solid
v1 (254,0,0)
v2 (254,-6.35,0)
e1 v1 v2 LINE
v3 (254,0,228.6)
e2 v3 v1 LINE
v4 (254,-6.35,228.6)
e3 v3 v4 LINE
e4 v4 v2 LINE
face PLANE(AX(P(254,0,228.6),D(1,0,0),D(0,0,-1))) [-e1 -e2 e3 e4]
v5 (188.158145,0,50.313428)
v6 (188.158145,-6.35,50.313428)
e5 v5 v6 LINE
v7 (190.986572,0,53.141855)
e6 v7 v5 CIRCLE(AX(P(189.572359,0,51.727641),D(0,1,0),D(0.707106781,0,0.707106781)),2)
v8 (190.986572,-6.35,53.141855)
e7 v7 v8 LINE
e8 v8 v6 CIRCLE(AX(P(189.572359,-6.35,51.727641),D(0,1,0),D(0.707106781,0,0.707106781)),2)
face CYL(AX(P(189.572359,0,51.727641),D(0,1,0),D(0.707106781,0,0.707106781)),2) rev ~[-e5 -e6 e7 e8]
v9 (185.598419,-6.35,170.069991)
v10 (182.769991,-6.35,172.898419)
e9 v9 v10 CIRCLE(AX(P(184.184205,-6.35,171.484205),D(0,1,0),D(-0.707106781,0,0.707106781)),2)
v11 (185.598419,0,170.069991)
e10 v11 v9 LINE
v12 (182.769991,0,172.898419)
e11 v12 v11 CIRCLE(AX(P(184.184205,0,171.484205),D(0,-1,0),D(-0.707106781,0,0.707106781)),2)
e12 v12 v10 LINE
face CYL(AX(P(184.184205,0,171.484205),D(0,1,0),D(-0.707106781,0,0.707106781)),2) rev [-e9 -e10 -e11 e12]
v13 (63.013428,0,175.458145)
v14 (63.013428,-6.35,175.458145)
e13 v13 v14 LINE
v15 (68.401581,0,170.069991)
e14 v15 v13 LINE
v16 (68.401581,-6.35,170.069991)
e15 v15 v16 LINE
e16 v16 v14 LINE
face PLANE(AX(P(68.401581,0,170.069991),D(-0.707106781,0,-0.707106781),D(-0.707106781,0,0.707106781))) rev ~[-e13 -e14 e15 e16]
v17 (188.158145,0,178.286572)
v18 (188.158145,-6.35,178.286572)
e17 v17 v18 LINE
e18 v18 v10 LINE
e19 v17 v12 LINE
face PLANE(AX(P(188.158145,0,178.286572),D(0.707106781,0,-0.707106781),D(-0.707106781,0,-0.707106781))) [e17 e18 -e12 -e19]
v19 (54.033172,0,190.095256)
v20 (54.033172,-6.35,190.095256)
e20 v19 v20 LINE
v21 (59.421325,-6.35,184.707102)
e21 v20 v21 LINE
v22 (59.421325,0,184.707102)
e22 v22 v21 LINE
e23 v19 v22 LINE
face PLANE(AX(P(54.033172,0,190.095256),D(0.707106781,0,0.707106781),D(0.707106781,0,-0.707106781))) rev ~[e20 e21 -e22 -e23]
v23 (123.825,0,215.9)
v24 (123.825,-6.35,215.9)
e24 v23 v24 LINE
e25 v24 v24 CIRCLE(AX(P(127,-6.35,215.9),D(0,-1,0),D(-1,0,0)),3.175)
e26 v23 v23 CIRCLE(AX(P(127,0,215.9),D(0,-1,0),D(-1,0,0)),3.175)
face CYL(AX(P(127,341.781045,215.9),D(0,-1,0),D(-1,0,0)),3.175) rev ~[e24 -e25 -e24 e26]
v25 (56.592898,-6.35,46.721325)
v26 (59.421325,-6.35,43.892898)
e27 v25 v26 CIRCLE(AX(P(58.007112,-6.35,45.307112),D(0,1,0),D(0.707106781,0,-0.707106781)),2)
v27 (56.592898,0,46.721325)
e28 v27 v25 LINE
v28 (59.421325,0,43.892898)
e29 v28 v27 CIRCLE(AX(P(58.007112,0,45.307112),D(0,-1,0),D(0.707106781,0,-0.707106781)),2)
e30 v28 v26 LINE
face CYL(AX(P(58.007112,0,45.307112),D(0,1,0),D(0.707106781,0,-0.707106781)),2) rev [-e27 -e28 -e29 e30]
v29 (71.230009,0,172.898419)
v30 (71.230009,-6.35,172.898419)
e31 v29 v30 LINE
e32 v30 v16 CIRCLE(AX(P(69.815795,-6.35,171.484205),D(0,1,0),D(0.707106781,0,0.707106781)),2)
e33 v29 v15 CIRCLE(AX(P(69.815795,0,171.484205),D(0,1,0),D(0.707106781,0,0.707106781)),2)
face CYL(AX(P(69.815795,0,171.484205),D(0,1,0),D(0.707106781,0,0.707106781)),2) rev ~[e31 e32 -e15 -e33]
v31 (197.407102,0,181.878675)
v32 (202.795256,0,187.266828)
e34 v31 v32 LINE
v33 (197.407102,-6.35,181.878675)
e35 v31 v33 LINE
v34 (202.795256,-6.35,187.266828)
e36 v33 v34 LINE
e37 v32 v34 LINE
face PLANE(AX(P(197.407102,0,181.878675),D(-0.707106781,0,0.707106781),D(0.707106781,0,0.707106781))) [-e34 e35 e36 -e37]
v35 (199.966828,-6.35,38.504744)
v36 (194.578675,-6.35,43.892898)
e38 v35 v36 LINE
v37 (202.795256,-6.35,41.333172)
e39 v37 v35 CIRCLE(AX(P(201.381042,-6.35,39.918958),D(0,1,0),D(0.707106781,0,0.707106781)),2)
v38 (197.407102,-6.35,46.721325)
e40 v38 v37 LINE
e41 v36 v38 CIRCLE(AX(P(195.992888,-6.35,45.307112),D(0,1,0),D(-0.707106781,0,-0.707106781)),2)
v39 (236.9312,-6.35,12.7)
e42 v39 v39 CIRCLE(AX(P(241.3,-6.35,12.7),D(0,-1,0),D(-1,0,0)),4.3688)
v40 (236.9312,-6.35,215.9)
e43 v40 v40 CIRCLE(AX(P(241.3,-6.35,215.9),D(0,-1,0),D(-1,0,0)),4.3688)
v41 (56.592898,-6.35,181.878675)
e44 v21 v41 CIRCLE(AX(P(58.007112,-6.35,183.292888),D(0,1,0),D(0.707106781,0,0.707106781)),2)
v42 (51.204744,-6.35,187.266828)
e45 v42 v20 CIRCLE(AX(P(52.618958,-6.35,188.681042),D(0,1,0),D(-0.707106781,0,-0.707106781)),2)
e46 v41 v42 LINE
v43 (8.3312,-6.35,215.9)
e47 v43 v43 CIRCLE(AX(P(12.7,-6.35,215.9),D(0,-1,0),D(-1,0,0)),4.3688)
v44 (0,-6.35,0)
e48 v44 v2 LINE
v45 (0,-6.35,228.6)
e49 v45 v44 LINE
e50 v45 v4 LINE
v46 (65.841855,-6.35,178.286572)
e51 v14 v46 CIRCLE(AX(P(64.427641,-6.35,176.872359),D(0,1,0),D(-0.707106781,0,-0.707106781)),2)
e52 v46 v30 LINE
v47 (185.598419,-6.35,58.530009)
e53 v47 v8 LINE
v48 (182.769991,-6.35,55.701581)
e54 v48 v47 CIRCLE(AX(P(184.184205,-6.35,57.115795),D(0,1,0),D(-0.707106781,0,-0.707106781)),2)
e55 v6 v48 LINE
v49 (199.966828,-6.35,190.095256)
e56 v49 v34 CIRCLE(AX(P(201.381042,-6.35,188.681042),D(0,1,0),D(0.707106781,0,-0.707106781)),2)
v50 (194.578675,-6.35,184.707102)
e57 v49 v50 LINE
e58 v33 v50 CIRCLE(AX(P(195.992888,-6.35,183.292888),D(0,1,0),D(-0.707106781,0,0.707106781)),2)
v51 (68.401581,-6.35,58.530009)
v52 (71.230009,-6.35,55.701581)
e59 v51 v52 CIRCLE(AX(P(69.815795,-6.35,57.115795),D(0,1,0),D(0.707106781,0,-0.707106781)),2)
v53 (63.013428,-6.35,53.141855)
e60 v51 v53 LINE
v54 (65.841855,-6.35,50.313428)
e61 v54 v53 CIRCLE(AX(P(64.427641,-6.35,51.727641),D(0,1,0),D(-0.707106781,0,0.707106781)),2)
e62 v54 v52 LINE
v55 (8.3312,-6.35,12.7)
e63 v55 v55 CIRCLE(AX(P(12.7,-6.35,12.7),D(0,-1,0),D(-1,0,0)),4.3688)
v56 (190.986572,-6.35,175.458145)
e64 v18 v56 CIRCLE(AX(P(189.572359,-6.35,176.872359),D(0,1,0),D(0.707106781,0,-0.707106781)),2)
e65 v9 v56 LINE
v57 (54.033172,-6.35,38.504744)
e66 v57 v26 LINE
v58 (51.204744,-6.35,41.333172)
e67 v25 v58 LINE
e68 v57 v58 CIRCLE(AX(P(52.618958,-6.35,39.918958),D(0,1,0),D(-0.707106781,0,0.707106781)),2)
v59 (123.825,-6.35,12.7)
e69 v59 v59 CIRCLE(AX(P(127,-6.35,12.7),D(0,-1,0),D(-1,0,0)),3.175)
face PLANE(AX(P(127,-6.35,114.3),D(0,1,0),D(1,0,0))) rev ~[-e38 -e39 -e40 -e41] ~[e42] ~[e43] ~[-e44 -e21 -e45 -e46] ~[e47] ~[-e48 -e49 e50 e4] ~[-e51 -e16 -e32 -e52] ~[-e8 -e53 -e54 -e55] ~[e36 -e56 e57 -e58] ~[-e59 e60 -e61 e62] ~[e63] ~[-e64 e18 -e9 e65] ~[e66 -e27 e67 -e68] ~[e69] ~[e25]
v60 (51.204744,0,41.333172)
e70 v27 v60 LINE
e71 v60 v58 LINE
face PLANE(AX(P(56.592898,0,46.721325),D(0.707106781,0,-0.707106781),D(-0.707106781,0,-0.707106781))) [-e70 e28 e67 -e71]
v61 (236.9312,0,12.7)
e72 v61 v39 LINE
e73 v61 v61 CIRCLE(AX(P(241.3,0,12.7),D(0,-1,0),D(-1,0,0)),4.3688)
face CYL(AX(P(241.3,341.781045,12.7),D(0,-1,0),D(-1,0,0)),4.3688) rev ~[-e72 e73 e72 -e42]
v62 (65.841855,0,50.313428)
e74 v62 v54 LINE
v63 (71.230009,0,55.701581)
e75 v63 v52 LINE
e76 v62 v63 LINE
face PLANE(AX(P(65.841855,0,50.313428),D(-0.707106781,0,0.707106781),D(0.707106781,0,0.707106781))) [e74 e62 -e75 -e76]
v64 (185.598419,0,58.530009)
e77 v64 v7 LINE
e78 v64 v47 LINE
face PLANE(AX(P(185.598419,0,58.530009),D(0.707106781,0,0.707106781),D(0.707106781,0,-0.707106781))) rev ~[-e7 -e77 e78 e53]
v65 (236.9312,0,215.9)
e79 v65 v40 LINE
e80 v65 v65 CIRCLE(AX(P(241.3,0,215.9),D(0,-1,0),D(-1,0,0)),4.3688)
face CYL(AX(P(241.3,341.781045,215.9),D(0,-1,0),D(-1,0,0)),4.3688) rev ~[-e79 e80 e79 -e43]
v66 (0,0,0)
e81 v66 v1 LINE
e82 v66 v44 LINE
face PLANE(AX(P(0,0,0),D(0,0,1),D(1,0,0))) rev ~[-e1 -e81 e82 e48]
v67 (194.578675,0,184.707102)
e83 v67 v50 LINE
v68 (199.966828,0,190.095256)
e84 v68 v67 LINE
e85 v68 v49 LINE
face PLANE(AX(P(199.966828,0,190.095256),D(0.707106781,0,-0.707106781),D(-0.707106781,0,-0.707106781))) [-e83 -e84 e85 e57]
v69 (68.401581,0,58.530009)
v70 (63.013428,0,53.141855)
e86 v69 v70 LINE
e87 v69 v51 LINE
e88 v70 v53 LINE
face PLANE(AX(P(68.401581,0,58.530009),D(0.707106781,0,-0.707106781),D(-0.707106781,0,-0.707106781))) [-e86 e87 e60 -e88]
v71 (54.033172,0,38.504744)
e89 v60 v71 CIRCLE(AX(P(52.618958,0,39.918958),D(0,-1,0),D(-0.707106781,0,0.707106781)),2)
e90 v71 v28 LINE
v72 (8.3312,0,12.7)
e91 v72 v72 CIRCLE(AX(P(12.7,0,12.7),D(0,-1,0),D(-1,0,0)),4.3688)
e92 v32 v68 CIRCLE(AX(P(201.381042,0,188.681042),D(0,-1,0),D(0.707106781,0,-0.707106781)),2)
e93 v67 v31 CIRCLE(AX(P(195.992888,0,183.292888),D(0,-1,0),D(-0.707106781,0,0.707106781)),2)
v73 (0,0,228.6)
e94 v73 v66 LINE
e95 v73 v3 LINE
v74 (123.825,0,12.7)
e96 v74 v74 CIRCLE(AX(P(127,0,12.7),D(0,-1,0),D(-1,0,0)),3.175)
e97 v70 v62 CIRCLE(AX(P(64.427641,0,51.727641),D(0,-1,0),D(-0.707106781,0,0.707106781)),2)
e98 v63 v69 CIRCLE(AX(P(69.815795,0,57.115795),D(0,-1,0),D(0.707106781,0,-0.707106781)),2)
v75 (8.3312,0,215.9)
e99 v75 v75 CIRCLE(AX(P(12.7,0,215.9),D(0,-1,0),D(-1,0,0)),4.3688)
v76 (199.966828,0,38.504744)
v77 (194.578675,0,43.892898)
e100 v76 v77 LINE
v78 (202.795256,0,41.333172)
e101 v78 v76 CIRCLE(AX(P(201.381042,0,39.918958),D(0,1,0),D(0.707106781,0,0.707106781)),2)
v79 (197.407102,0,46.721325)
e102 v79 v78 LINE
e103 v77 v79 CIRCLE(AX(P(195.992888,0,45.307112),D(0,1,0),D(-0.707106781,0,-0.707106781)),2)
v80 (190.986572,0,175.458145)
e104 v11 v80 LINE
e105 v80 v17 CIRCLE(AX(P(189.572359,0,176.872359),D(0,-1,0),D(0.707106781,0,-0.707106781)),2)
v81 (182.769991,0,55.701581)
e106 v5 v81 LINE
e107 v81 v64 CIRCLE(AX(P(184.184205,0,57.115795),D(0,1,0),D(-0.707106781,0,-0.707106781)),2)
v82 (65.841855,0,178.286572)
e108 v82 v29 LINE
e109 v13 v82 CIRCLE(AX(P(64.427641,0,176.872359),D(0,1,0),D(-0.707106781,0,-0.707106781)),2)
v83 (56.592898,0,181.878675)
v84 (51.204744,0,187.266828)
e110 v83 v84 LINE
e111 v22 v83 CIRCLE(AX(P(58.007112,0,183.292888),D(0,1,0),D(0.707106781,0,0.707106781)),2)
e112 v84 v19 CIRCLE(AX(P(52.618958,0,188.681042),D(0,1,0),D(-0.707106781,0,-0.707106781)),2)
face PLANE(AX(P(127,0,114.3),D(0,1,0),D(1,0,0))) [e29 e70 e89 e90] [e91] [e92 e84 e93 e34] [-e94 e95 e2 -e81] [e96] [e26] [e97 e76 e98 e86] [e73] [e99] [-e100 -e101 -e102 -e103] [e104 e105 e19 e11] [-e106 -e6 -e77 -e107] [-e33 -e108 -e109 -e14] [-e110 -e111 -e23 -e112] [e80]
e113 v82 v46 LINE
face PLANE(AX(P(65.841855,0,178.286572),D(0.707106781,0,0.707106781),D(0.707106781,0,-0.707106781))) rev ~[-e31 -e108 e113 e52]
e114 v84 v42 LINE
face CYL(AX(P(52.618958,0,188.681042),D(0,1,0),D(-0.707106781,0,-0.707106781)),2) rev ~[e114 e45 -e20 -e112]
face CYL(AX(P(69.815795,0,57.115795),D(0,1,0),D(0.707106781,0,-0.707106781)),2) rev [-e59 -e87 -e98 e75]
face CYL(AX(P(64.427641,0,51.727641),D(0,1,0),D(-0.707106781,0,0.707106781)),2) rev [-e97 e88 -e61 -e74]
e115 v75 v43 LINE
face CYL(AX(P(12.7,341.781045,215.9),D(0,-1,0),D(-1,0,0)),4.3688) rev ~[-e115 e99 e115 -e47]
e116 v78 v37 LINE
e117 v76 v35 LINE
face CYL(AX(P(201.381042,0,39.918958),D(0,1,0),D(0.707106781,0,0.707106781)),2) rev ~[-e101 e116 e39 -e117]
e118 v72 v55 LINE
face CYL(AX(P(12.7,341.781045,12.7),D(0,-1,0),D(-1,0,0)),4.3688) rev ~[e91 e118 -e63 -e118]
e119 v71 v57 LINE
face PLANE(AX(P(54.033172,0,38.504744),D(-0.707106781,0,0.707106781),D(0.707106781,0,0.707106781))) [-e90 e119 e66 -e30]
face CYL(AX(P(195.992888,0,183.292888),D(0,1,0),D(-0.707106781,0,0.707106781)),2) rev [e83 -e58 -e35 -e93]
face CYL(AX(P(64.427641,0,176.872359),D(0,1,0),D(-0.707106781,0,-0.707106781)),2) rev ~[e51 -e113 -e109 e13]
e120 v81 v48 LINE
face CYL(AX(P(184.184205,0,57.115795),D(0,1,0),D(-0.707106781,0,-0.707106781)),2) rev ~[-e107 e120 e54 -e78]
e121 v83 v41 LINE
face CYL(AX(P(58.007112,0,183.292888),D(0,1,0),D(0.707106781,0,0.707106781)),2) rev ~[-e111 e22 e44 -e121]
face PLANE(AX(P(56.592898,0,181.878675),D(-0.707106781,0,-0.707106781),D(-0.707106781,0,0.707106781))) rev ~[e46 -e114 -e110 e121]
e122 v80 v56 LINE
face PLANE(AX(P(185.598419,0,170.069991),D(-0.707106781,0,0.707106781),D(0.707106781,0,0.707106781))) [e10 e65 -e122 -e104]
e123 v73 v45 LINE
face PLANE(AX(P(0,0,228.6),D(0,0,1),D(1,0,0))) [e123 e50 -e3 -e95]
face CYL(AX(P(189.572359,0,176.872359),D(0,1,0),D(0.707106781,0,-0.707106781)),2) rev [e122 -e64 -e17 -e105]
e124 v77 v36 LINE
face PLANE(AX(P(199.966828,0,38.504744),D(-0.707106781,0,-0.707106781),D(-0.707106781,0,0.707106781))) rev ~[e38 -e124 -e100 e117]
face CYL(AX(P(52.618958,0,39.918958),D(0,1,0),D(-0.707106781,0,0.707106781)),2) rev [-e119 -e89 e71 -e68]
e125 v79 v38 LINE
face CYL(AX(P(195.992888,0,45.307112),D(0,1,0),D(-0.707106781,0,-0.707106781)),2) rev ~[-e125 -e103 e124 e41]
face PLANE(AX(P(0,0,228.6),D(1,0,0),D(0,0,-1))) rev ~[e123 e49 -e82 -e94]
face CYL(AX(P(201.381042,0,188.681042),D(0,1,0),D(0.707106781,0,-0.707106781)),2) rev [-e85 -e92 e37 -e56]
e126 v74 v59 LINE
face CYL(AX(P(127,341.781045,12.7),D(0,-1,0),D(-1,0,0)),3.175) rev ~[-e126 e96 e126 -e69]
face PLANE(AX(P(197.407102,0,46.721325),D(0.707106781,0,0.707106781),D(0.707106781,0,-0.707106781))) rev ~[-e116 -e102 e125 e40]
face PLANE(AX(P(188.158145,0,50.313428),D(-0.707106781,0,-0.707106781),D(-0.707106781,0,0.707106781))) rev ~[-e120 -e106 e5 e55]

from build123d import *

# Parameters (mm, degrees)
SKETCH1_W                            = 254
SKETCH1_H                            = 228.6
BASE_PLATE_DEPTH                     = 6.35
SLOTS_DEPTH                          = 7.35
FEET_CONNECTION_HOLE_D               = 8.7376
HOLE_FOR_10_BLIND_FASTENERS_B_BS_1_D = 6.35


with BuildPart() as part:
    # Sketch1 → base plate (new body)
    with BuildSketch(Plane(origin=(0, 0, 0), x_dir=(1, 0, 0), z_dir=(0, 1, 0))):
        with Locations((127, -114.3)):
            Rectangle(SKETCH1_W, SKETCH1_H)
    extrude(amount=-BASE_PLATE_DEPTH)

    # Sketch3 → slots (cut, through all)
    with BuildSketch(Plane(origin=(0, 0, 0), x_dir=(1, 0, 0), z_dir=(0, 1, 0))):
        with BuildLine():
            ThreePointArc((59.421325374, -43.892898159), (59.421325374, -46.721325374), (56.592898159, -46.721325374))
            Line((56.592898159, -46.721325374), (51.204744487, -41.333171702))
            ThreePointArc((51.204744487, -41.333171702), (51.204744487, -38.504744487), (54.033171702, -38.504744487))
            Line((54.033171702, -38.504744487), (59.421325374, -43.892898159))
        make_face()
        with BuildLine():
            Line((199.966828298, -38.504744487), (194.578674626, -43.892898159))
            ThreePointArc((194.578674626, -43.892898159), (194.578674626, -46.721325374), (197.407101841, -46.721325374))
            Line((197.407101841, -46.721325374), (202.795255513, -41.333171702))
            ThreePointArc((202.795255513, -41.333171702), (202.795255513, -38.504744487), (199.966828298, -38.504744487))
        make_face()
        with BuildLine():
            Line((185.598418504, -58.530008711), (190.986572177, -53.141855038))
            ThreePointArc((190.986572177, -53.141855038), (190.986572177, -50.313427823), (188.158144962, -50.313427823))
            Line((188.158144962, -50.313427823), (182.769991289, -55.701581496))
            ThreePointArc((182.769991289, -55.701581496), (182.769991289, -58.530008711), (185.598418504, -58.530008711))
        make_face()
        with BuildLine():
            ThreePointArc((190.986572177, -175.458144962), (190.986572177, -178.286572177), (188.158144962, -178.286572177))
            Line((188.158144962, -178.286572177), (182.769991289, -172.898418504))
            ThreePointArc((182.769991289, -172.898418504), (182.769991289, -170.069991289), (185.598418504, -170.069991289))
            Line((185.598418504, -170.069991289), (190.986572177, -175.458144962))
        make_face()
        with BuildLine():
            ThreePointArc((194.578674626, -184.707101841), (194.578674626, -181.878674626), (197.407101841, -181.878674626))
            Line((197.407101841, -181.878674626), (202.795255513, -187.266828298))
            ThreePointArc((202.795255513, -187.266828298), (202.795255513, -190.095255513), (199.966828298, -190.095255513))
            Line((199.966828298, -190.095255513), (194.578674626, -184.707101841))
        make_face()
        with BuildLine():
            Line((54.033171702, -190.095255513), (59.421325374, -184.707101841))
            ThreePointArc((59.421325374, -184.707101841), (59.421325374, -181.878674626), (56.592898159, -181.878674626))
            Line((56.592898159, -181.878674626), (51.204744487, -187.266828298))
            ThreePointArc((51.204744487, -187.266828298), (51.204744487, -190.095255513), (54.033171702, -190.095255513))
        make_face()
        with BuildLine():
            Line((68.401581496, -170.069991289), (63.013427823, -175.458144962))
            ThreePointArc((63.013427823, -175.458144962), (63.013427823, -178.286572177), (65.841855038, -178.286572177))
            Line((65.841855038, -178.286572177), (71.230008711, -172.898418504))
            ThreePointArc((71.230008711, -172.898418504), (71.230008711, -170.069991289), (68.401581496, -170.069991289))
        make_face()
        with BuildLine():
            Line((68.401581496, -58.530008711), (63.013427823, -53.141855038))
            ThreePointArc((63.013427823, -53.141855038), (63.013427823, -50.313427823), (65.841855038, -50.313427823))
            Line((65.841855038, -50.313427823), (71.230008711, -55.701581496))
            ThreePointArc((71.230008711, -55.701581496), (71.230008711, -58.530008711), (68.401581496, -58.530008711))
        make_face()
    extrude(amount=-SLOTS_DEPTH, mode=Mode.SUBTRACT)

    # Feet connection hole (through all)
    with Locations(Plane(origin=(0, 0, 0), x_dir=(1, 0, 0), z_dir=(0, 1, 0))):
        with Locations((12.7, -215.9), (241.3, -12.7), (12.7, -12.7), (241.3, -215.9)):
            Hole(FEET_CONNECTION_HOLE_D / 2)

    # Hole for #10 Blind Fasteners (B,BS)1 (through all)
    with Locations(Plane(origin=(0, 0, 0), x_dir=(1, 0, 0), z_dir=(0, 1, 0))):
        with Locations((127, -215.9), (127, -12.7)):
            Hole(HOLE_FOR_10_BLIND_FASTENERS_B_BS_1_D / 2)


solid = part.part
